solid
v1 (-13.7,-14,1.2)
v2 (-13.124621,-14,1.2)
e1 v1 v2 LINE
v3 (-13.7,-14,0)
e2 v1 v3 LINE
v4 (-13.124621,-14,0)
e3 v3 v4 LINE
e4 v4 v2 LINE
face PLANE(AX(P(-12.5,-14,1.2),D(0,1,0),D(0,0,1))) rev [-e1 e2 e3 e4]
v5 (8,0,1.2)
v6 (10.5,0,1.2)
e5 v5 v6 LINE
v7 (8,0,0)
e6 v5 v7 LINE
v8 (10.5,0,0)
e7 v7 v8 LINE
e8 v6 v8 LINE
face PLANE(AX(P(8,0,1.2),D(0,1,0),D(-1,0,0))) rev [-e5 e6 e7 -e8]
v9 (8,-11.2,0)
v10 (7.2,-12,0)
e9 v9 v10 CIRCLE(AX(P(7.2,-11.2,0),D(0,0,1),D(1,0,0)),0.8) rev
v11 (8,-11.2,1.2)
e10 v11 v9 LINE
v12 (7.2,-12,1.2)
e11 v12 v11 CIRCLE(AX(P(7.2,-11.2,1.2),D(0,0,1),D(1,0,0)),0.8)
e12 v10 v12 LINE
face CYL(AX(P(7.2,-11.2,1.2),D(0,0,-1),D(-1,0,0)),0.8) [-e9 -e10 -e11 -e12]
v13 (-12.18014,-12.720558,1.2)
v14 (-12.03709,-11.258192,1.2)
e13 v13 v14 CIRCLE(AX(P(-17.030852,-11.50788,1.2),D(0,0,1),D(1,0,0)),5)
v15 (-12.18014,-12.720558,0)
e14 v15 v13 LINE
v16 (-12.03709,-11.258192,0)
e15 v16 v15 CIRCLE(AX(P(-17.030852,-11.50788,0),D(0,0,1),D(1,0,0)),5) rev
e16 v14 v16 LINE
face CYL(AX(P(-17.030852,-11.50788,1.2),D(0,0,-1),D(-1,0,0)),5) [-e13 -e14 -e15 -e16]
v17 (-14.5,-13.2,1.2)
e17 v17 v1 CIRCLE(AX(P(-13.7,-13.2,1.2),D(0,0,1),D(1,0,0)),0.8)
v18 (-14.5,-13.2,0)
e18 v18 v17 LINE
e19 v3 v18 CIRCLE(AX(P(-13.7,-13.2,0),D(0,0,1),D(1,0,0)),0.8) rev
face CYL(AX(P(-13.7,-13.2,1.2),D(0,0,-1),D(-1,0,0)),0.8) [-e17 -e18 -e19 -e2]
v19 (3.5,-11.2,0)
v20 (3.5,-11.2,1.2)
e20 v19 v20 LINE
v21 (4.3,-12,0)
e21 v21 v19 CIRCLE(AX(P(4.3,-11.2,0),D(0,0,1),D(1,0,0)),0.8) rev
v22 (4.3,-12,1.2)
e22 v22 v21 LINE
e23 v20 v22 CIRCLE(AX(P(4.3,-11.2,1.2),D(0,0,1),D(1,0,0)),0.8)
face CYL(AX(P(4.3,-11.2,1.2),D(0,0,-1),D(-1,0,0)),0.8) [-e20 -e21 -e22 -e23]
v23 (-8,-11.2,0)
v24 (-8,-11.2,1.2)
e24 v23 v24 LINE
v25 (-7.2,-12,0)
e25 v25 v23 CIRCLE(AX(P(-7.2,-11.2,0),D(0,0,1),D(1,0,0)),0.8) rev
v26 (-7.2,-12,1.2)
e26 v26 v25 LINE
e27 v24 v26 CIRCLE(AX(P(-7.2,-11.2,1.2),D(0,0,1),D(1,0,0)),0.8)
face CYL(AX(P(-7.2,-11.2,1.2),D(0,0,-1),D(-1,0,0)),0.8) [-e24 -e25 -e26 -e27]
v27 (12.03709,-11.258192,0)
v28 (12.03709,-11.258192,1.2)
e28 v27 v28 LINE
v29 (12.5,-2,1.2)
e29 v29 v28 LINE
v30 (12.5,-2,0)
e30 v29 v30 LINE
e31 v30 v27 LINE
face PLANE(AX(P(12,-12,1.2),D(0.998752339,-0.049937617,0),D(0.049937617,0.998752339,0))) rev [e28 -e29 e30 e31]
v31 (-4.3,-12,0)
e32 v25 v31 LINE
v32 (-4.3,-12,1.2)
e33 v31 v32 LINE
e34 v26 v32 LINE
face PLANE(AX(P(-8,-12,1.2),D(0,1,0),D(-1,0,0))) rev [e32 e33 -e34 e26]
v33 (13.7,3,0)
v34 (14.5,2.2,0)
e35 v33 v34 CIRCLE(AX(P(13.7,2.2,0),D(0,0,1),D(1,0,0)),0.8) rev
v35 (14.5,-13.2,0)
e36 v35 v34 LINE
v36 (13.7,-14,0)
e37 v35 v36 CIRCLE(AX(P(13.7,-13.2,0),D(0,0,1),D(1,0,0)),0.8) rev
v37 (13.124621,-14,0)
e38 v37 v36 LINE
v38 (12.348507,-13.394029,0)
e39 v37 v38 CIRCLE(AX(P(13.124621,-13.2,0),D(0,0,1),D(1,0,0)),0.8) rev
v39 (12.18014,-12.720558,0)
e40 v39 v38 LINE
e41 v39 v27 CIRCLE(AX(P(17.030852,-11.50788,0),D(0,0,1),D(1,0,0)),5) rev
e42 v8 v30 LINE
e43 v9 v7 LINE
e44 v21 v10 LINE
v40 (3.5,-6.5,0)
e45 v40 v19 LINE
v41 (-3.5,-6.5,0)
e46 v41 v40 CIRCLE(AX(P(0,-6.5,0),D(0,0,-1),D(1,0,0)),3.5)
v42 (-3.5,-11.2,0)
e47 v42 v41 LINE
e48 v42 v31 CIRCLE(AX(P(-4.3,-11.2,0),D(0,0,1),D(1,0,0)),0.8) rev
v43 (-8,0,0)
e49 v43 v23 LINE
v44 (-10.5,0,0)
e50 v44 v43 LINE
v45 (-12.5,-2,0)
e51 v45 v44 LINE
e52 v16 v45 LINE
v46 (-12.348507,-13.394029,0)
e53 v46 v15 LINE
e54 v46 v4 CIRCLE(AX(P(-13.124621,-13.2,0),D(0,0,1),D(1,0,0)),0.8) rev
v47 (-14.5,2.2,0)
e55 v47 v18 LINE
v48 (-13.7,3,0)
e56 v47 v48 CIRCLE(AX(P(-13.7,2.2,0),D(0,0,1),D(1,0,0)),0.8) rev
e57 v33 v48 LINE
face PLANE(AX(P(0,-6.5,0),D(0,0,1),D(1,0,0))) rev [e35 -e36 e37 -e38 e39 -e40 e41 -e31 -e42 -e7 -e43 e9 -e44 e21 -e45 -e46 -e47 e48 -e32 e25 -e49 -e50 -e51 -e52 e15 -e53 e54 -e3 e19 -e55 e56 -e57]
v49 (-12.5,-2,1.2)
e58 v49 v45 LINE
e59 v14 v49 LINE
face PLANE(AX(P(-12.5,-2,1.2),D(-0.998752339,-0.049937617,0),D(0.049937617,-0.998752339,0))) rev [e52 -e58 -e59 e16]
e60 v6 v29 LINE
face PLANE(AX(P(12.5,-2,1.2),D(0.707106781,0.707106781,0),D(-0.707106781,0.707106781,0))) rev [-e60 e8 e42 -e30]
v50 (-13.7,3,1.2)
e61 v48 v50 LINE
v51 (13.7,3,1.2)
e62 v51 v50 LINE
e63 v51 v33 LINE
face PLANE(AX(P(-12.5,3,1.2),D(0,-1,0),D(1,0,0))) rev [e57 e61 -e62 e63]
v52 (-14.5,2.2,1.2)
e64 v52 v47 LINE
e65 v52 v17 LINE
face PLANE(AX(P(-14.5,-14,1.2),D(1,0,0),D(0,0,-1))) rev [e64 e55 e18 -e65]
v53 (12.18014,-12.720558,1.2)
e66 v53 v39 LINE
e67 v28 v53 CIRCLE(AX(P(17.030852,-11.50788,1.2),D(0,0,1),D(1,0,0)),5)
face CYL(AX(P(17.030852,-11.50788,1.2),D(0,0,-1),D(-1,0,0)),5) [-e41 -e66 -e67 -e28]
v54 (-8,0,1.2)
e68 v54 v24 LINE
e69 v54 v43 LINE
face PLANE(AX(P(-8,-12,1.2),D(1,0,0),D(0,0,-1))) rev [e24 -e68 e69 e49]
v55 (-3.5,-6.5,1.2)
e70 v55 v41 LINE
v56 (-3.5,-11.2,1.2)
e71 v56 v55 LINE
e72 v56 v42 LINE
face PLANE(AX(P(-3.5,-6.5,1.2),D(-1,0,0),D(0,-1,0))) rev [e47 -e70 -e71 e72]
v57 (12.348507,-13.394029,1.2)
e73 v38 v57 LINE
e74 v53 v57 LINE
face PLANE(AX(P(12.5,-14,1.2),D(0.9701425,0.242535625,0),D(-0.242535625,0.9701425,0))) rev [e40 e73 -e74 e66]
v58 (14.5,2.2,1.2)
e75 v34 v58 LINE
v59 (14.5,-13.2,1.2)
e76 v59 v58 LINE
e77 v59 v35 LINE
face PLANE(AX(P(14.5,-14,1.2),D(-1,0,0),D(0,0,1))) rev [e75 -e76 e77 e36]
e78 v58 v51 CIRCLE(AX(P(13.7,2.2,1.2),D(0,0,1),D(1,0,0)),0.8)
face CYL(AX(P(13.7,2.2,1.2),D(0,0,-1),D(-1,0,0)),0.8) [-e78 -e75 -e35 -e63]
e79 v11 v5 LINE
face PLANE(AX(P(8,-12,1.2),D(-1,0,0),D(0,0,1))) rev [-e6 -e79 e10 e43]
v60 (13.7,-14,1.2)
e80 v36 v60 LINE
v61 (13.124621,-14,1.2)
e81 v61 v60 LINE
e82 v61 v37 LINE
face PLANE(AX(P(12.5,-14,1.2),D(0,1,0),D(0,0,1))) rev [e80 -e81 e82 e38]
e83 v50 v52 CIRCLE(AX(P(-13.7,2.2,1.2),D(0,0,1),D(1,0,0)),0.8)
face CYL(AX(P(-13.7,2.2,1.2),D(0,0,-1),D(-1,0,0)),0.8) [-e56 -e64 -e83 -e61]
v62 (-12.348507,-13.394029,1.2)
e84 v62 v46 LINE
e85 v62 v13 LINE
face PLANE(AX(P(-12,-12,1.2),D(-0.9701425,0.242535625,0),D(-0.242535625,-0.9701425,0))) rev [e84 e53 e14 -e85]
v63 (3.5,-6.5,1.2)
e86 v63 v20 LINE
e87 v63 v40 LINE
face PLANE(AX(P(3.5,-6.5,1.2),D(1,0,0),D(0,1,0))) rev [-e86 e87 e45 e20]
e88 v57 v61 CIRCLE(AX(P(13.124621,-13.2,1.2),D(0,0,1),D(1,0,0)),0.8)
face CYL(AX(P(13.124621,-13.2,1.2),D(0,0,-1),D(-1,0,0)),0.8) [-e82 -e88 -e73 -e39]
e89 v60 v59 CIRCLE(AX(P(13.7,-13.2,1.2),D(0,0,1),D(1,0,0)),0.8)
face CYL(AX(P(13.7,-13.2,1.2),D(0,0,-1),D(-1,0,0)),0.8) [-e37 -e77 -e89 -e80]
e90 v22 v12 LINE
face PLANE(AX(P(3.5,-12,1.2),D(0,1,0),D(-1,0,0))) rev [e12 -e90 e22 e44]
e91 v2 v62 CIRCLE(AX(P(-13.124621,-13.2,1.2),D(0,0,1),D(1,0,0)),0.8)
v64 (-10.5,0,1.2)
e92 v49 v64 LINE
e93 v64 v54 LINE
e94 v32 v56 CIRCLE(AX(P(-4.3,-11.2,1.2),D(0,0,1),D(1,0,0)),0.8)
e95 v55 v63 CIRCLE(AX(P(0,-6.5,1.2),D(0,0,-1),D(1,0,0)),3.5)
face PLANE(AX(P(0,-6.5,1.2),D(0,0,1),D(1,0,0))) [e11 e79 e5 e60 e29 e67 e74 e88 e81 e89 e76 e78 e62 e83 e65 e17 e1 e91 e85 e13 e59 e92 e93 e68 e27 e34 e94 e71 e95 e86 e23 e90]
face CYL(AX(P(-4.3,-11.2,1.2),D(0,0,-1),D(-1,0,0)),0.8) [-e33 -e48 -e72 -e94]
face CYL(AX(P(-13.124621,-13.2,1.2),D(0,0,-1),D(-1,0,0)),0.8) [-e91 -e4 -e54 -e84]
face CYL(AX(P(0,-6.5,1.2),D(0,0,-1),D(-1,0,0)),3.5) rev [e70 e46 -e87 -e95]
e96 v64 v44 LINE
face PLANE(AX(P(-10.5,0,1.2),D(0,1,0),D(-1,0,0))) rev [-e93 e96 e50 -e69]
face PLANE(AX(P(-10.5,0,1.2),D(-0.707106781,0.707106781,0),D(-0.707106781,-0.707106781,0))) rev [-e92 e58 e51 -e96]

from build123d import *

# Parameters (mm, degrees)
BOSS_EXTRUDE1_DEPTH = 1.2
FILLET1_R           = 5
FILLET2_R           = 0.8


with BuildPart() as part:
    # Sketch1 → Boss-Extrude1 (new body)
    with BuildSketch(Plane.XY):
        with BuildLine():
            Line((-10.5, 0), (-12.5, -2))
            Line((-12.5, -2), (-12, -12))
            Line((-12, -12), (-12.5, -14))
            Line((-12.5, -14), (-14.5, -14))
            Line((-14.5, -14), (-14.5, 3))
            Line((-14.5, 3), (-12.5, 3))
            Line((-12.5, 3), (12.5, 3))
            Line((12.5, 3), (14.5, 3))
            Line((14.5, 3), (14.5, -14))
            Line((14.5, -14), (12.5, -14))
            Line((12.5, -14), (12, -12))
            Line((12, -12), (12.5, -2))
            Line((12.5, -2), (10.5, 0))
            Line((10.5, 0), (8, 0))
            Line((8, 0), (8, -12))
            Line((8, -12), (3.5, -12))
            Line((3.5, -12), (3.5, -6.5))
            ThreePointArc((3.5, -6.5), (0, -3), (-3.5, -6.5))
            Line((-3.5, -6.5), (-3.5, -12))
            Line((-3.5, -12), (-8, -12))
            Line((-8, -12), (-8, 0))
            Line((-8, 0), (-10.5, 0))
        make_face()
    extrude(amount=BOSS_EXTRUDE1_DEPTH)

    # Fillet1
    fillet1_edges = [part.edges().sort_by_distance(p)[0] for p in [
        (-12, -12, 0.6),
        (12, -12, 0.6),
    ]]
    fillet(fillet1_edges, radius=FILLET1_R)

    # Fillet2
    fillet2_edges = [part.edges().sort_by_distance(p)[0] for p in [
        (-12.5, -14, 0.6),
        (-14.5, -14, 0.6),
        (-14.5, 3, 0.6),
        (14.5, 3, 0.6),
        (14.5, -14, 0.6),
        (12.5, -14, 0.6),
        (8, -12, 0.6),
        (3.5, -12, 0.6),
        (-3.5, -12, 0.6),
        (-8, -12, 0.6),
    ]]
    fillet(fillet2_edges, radius=FILLET2_R)


solid = part.part
